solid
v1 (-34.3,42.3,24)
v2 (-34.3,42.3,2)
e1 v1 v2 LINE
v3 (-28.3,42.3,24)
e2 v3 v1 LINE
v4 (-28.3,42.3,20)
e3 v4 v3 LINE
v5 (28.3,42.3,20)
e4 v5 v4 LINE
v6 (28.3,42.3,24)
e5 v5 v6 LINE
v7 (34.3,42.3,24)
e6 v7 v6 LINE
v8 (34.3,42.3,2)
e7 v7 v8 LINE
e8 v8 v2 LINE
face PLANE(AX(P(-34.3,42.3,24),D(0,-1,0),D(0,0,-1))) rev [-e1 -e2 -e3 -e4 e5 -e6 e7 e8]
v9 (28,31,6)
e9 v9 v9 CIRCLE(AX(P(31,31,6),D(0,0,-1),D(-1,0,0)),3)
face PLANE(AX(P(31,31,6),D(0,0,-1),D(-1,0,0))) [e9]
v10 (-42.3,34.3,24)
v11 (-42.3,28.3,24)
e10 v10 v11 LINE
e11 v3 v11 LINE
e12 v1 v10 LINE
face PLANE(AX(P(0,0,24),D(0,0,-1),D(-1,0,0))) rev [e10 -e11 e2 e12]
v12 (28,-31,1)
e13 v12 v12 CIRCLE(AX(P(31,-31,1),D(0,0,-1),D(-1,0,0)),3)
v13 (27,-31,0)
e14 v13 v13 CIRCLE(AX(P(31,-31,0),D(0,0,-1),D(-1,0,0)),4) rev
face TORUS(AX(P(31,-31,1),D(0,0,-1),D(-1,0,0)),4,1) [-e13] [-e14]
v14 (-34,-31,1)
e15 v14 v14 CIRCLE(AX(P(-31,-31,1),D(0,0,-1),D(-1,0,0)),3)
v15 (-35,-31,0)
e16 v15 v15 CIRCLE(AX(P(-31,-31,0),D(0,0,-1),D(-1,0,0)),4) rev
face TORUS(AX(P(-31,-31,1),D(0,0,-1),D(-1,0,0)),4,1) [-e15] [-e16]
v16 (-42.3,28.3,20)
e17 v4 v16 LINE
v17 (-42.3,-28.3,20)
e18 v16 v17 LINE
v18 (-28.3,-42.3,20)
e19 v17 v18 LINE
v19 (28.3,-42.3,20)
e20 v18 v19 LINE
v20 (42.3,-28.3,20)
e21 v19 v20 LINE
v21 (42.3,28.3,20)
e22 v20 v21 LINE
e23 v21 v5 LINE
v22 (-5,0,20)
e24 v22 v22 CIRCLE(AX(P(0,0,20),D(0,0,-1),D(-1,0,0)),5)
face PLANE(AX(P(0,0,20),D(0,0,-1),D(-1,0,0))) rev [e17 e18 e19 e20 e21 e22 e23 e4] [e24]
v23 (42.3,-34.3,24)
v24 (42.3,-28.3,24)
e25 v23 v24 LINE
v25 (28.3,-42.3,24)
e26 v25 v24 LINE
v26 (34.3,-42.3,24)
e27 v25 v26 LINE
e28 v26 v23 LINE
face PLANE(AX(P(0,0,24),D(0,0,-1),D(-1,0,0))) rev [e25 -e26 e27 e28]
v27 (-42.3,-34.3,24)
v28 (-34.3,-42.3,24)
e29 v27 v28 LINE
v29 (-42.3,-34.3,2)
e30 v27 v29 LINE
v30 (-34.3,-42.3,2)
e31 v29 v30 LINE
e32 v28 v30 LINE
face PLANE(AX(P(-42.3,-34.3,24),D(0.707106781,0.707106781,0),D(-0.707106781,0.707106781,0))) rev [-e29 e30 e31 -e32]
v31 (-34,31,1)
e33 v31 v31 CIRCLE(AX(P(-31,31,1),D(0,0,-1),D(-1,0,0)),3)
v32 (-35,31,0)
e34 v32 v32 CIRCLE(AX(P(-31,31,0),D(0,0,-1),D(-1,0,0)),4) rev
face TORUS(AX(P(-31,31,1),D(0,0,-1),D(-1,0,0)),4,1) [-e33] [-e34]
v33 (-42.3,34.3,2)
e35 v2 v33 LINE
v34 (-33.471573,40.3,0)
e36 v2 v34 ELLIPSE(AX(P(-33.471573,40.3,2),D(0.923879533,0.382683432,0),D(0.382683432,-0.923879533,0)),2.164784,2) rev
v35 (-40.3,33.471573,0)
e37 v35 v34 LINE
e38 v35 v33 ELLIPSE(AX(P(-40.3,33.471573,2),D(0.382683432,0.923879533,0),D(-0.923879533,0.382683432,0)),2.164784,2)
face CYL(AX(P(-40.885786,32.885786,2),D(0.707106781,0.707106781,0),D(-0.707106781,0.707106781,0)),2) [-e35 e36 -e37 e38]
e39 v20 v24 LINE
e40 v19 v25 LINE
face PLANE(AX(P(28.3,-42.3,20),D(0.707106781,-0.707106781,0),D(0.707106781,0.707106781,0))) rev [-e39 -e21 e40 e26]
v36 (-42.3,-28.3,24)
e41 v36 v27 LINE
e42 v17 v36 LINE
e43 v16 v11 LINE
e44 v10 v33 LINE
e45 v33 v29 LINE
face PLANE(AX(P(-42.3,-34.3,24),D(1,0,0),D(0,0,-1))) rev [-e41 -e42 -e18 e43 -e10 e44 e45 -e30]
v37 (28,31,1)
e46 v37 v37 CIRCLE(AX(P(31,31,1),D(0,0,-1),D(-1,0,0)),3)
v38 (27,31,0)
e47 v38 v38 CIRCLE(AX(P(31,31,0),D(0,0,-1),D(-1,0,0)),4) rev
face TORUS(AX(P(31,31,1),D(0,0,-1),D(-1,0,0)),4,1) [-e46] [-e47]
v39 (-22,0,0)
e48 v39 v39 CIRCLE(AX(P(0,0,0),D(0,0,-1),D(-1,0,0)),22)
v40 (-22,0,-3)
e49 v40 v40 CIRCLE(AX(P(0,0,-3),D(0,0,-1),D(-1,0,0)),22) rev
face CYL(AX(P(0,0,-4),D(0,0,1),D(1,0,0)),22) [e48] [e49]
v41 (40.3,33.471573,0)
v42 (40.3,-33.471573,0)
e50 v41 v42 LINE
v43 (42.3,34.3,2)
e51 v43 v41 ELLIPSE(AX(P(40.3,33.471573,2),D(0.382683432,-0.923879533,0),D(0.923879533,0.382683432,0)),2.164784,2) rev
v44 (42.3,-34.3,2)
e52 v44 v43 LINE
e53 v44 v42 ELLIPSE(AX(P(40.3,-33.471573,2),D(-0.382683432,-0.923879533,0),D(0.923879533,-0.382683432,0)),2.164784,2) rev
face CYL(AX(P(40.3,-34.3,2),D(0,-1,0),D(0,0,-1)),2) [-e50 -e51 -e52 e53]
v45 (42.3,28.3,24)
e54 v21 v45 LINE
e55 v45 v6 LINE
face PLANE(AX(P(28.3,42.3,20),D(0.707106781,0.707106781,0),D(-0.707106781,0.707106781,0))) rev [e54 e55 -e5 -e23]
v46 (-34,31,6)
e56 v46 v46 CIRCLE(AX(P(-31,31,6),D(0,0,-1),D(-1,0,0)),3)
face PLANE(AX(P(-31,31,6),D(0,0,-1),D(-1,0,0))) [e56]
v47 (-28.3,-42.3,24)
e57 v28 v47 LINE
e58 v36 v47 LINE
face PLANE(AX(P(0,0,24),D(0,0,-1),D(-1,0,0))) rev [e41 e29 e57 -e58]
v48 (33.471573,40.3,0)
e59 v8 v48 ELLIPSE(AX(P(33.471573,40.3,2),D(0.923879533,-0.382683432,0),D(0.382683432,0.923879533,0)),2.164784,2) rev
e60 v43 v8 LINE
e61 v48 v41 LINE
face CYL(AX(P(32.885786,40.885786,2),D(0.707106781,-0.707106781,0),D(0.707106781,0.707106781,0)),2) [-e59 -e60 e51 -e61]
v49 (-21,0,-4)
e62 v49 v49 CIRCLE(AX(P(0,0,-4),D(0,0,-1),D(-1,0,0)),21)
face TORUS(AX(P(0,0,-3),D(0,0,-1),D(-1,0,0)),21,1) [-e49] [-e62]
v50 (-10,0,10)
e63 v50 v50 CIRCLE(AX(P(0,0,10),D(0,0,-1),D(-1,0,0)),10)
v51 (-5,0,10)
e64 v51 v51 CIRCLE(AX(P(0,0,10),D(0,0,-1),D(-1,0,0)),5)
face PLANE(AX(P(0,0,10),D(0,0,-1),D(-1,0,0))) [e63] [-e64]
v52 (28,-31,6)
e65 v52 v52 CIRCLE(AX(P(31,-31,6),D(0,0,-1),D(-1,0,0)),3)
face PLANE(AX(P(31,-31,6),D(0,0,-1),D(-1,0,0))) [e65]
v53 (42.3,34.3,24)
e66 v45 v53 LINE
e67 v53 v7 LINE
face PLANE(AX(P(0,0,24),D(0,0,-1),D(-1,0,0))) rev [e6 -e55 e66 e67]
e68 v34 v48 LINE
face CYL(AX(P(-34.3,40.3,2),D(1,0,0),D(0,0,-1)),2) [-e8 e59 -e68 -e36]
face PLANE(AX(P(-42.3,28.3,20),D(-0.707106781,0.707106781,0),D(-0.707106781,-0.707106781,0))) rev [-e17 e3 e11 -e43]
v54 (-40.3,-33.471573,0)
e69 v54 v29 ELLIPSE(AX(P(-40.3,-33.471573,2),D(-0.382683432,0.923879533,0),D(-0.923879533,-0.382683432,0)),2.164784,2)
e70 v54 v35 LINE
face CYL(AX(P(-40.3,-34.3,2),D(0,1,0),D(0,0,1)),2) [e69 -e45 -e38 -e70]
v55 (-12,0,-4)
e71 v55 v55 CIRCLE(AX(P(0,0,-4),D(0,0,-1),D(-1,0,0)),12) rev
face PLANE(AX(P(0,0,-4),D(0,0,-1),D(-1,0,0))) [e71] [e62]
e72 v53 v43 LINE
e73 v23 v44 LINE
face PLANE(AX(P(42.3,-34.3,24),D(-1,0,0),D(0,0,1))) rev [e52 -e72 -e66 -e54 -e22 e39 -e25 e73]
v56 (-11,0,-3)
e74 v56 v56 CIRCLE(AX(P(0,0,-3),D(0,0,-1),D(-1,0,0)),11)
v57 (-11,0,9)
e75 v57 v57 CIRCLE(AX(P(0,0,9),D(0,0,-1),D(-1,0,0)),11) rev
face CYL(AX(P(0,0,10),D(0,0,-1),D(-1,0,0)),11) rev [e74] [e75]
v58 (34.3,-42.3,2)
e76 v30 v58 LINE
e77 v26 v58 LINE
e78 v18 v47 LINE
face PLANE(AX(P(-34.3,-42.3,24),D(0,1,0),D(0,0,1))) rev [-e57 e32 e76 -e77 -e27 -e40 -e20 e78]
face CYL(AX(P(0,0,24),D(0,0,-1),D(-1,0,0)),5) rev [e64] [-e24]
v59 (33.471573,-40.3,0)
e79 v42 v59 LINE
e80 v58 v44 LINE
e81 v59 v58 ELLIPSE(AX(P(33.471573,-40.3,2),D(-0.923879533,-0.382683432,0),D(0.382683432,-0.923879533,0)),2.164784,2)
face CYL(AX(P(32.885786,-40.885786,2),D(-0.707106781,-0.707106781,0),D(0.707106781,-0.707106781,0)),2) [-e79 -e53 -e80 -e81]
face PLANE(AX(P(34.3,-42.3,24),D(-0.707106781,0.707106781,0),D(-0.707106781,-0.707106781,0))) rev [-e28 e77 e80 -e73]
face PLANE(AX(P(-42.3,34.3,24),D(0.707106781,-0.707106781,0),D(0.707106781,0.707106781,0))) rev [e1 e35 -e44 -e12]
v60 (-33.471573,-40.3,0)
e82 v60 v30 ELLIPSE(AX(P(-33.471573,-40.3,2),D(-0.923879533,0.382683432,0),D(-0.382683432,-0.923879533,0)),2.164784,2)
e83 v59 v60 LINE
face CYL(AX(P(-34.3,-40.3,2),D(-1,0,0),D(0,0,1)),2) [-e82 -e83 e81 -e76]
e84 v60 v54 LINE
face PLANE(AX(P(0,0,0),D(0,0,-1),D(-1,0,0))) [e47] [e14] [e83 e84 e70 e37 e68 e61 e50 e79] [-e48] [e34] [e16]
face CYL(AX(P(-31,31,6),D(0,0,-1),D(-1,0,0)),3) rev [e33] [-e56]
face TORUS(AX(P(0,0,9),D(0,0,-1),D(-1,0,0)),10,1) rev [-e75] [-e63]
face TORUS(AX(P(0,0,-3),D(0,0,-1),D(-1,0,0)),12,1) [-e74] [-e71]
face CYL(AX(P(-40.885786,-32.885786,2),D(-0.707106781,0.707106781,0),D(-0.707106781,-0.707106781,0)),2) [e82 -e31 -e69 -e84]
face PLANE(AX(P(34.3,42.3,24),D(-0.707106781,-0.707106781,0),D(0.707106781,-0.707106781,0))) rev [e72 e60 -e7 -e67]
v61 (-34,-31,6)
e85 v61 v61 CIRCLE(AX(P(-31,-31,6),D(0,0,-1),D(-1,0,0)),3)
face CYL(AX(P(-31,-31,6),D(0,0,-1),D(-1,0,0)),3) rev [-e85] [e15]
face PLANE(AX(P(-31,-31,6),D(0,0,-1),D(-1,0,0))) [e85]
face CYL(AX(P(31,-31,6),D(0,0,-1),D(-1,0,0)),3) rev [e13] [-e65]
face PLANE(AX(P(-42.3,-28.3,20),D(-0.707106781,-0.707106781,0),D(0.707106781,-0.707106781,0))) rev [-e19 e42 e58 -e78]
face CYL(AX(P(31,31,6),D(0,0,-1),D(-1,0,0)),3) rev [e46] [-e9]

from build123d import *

# Parameters (mm, degrees)
BOSS_EXTRUDE1_DEPTH = 24
CUT_EXTRUDE1_DEPTH  = 4
SKETCH3_R           = 22
BOSS_EXTRUDE2_DEPTH = 4
SKETCH4_R           = 11
CUT_EXTRUDE3_DEPTH  = 14
SKETCH5_R           = 5
CUT_EXTRUDE4_DEPTH  = 15
FILLET1_R           = 2
FILLET2_R           = 1
SKETCH6_R           = 3
CUT_EXTRUDE5_DEPTH  = 6
FILLET3_R           = 1


with BuildPart() as part:
    # Sketch1 → Boss-Extrude1 (new body)
    with BuildSketch(Plane.XY):
        Polygon((-42.3, 34.3), (-34.3, 42.3), (34.3, 42.3), (42.3, 34.3), (42.3, -34.3), (34.3, -42.3), (-34.3, -42.3), (-42.3, -34.3), align=None)
    extrude(amount=BOSS_EXTRUDE1_DEPTH)

    # Sketch2 → Cut-Extrude1 (cut)
    with BuildSketch(Plane.XY.offset(24)):
        Polygon((-42.3, 28.3), (-28.3, 42.3), (28.3, 42.3), (42.3, 28.3), (42.3, -28.3), (28.3, -42.3), (-28.3, -42.3), (-42.3, -28.3), align=None)
    extrude(amount=-CUT_EXTRUDE1_DEPTH, mode=Mode.SUBTRACT)

    # Sketch3 → Boss-Extrude2 (add)
    with BuildSketch(Plane(origin=(0, 0, 0), x_dir=(-1, 0, 0), z_dir=(0, 0, -1))):
        Circle(SKETCH3_R)
    extrude(amount=BOSS_EXTRUDE2_DEPTH)

    # Sketch4 → Cut-Extrude3 (cut)
    with BuildSketch(Plane(origin=(0, 0, -4), x_dir=(-1, 0, 0), z_dir=(0, 0, -1))):
        Circle(SKETCH4_R)
    extrude(amount=-CUT_EXTRUDE3_DEPTH, mode=Mode.SUBTRACT)

    # Sketch5 → Cut-Extrude4 (cut, through all)
    with BuildSketch(Plane(origin=(0, 0, 10), x_dir=(-1, 0, 0), z_dir=(0, 0, -1))):
        Circle(SKETCH5_R)
    extrude(amount=-CUT_EXTRUDE4_DEPTH, mode=Mode.SUBTRACT)

    # Fillet1
    fillet1_edges = [part.edges().sort_by_distance(p)[0] for p in [
        (-38.3, -38.3, 0),
        (-42.3, 0, 0),
        (-38.3, 38.3, 0),
        (0, 42.3, 0),
        (38.3, 38.3, 0),
        (42.3, 0, 0),
        (38.3, -38.3, 0),
        (0, -42.3, 0),
    ]]
    fillet(fillet1_edges, radius=FILLET1_R)

    # Fillet2
    fillet2_edges = [part.edges().sort_by_distance(p)[0] for p in [
        (22, 0, -4),
        (11, 0, 10),
        (11, 0, -4),
    ]]
    fillet(fillet2_edges, radius=FILLET2_R)

    # Sketch6 → Cut-Extrude5 (cut)
    with BuildSketch(Plane(origin=(0, 0, 0), x_dir=(-1, 0, 0), z_dir=(0, 0, -1))):
        with Locations((-31, 31)):
            Circle(SKETCH6_R)
        with Locations((31, 31)):
            Circle(SKETCH6_R)
        with Locations((31, -31)):
            Circle(SKETCH6_R)
        with Locations((-31, -31)):
            Circle(SKETCH6_R)
    extrude(amount=-CUT_EXTRUDE5_DEPTH, mode=Mode.SUBTRACT)

    # Fillet3
    fillet3_edges = [part.edges().sort_by_distance(p)[0] for p in [
        (34, -31, 0),
        (-28, -31, 0),
        (-28, 31, 0),
        (34, 31, 0),
    ]]
    fillet(fillet3_edges, radius=FILLET3_R)


solid = part.part
